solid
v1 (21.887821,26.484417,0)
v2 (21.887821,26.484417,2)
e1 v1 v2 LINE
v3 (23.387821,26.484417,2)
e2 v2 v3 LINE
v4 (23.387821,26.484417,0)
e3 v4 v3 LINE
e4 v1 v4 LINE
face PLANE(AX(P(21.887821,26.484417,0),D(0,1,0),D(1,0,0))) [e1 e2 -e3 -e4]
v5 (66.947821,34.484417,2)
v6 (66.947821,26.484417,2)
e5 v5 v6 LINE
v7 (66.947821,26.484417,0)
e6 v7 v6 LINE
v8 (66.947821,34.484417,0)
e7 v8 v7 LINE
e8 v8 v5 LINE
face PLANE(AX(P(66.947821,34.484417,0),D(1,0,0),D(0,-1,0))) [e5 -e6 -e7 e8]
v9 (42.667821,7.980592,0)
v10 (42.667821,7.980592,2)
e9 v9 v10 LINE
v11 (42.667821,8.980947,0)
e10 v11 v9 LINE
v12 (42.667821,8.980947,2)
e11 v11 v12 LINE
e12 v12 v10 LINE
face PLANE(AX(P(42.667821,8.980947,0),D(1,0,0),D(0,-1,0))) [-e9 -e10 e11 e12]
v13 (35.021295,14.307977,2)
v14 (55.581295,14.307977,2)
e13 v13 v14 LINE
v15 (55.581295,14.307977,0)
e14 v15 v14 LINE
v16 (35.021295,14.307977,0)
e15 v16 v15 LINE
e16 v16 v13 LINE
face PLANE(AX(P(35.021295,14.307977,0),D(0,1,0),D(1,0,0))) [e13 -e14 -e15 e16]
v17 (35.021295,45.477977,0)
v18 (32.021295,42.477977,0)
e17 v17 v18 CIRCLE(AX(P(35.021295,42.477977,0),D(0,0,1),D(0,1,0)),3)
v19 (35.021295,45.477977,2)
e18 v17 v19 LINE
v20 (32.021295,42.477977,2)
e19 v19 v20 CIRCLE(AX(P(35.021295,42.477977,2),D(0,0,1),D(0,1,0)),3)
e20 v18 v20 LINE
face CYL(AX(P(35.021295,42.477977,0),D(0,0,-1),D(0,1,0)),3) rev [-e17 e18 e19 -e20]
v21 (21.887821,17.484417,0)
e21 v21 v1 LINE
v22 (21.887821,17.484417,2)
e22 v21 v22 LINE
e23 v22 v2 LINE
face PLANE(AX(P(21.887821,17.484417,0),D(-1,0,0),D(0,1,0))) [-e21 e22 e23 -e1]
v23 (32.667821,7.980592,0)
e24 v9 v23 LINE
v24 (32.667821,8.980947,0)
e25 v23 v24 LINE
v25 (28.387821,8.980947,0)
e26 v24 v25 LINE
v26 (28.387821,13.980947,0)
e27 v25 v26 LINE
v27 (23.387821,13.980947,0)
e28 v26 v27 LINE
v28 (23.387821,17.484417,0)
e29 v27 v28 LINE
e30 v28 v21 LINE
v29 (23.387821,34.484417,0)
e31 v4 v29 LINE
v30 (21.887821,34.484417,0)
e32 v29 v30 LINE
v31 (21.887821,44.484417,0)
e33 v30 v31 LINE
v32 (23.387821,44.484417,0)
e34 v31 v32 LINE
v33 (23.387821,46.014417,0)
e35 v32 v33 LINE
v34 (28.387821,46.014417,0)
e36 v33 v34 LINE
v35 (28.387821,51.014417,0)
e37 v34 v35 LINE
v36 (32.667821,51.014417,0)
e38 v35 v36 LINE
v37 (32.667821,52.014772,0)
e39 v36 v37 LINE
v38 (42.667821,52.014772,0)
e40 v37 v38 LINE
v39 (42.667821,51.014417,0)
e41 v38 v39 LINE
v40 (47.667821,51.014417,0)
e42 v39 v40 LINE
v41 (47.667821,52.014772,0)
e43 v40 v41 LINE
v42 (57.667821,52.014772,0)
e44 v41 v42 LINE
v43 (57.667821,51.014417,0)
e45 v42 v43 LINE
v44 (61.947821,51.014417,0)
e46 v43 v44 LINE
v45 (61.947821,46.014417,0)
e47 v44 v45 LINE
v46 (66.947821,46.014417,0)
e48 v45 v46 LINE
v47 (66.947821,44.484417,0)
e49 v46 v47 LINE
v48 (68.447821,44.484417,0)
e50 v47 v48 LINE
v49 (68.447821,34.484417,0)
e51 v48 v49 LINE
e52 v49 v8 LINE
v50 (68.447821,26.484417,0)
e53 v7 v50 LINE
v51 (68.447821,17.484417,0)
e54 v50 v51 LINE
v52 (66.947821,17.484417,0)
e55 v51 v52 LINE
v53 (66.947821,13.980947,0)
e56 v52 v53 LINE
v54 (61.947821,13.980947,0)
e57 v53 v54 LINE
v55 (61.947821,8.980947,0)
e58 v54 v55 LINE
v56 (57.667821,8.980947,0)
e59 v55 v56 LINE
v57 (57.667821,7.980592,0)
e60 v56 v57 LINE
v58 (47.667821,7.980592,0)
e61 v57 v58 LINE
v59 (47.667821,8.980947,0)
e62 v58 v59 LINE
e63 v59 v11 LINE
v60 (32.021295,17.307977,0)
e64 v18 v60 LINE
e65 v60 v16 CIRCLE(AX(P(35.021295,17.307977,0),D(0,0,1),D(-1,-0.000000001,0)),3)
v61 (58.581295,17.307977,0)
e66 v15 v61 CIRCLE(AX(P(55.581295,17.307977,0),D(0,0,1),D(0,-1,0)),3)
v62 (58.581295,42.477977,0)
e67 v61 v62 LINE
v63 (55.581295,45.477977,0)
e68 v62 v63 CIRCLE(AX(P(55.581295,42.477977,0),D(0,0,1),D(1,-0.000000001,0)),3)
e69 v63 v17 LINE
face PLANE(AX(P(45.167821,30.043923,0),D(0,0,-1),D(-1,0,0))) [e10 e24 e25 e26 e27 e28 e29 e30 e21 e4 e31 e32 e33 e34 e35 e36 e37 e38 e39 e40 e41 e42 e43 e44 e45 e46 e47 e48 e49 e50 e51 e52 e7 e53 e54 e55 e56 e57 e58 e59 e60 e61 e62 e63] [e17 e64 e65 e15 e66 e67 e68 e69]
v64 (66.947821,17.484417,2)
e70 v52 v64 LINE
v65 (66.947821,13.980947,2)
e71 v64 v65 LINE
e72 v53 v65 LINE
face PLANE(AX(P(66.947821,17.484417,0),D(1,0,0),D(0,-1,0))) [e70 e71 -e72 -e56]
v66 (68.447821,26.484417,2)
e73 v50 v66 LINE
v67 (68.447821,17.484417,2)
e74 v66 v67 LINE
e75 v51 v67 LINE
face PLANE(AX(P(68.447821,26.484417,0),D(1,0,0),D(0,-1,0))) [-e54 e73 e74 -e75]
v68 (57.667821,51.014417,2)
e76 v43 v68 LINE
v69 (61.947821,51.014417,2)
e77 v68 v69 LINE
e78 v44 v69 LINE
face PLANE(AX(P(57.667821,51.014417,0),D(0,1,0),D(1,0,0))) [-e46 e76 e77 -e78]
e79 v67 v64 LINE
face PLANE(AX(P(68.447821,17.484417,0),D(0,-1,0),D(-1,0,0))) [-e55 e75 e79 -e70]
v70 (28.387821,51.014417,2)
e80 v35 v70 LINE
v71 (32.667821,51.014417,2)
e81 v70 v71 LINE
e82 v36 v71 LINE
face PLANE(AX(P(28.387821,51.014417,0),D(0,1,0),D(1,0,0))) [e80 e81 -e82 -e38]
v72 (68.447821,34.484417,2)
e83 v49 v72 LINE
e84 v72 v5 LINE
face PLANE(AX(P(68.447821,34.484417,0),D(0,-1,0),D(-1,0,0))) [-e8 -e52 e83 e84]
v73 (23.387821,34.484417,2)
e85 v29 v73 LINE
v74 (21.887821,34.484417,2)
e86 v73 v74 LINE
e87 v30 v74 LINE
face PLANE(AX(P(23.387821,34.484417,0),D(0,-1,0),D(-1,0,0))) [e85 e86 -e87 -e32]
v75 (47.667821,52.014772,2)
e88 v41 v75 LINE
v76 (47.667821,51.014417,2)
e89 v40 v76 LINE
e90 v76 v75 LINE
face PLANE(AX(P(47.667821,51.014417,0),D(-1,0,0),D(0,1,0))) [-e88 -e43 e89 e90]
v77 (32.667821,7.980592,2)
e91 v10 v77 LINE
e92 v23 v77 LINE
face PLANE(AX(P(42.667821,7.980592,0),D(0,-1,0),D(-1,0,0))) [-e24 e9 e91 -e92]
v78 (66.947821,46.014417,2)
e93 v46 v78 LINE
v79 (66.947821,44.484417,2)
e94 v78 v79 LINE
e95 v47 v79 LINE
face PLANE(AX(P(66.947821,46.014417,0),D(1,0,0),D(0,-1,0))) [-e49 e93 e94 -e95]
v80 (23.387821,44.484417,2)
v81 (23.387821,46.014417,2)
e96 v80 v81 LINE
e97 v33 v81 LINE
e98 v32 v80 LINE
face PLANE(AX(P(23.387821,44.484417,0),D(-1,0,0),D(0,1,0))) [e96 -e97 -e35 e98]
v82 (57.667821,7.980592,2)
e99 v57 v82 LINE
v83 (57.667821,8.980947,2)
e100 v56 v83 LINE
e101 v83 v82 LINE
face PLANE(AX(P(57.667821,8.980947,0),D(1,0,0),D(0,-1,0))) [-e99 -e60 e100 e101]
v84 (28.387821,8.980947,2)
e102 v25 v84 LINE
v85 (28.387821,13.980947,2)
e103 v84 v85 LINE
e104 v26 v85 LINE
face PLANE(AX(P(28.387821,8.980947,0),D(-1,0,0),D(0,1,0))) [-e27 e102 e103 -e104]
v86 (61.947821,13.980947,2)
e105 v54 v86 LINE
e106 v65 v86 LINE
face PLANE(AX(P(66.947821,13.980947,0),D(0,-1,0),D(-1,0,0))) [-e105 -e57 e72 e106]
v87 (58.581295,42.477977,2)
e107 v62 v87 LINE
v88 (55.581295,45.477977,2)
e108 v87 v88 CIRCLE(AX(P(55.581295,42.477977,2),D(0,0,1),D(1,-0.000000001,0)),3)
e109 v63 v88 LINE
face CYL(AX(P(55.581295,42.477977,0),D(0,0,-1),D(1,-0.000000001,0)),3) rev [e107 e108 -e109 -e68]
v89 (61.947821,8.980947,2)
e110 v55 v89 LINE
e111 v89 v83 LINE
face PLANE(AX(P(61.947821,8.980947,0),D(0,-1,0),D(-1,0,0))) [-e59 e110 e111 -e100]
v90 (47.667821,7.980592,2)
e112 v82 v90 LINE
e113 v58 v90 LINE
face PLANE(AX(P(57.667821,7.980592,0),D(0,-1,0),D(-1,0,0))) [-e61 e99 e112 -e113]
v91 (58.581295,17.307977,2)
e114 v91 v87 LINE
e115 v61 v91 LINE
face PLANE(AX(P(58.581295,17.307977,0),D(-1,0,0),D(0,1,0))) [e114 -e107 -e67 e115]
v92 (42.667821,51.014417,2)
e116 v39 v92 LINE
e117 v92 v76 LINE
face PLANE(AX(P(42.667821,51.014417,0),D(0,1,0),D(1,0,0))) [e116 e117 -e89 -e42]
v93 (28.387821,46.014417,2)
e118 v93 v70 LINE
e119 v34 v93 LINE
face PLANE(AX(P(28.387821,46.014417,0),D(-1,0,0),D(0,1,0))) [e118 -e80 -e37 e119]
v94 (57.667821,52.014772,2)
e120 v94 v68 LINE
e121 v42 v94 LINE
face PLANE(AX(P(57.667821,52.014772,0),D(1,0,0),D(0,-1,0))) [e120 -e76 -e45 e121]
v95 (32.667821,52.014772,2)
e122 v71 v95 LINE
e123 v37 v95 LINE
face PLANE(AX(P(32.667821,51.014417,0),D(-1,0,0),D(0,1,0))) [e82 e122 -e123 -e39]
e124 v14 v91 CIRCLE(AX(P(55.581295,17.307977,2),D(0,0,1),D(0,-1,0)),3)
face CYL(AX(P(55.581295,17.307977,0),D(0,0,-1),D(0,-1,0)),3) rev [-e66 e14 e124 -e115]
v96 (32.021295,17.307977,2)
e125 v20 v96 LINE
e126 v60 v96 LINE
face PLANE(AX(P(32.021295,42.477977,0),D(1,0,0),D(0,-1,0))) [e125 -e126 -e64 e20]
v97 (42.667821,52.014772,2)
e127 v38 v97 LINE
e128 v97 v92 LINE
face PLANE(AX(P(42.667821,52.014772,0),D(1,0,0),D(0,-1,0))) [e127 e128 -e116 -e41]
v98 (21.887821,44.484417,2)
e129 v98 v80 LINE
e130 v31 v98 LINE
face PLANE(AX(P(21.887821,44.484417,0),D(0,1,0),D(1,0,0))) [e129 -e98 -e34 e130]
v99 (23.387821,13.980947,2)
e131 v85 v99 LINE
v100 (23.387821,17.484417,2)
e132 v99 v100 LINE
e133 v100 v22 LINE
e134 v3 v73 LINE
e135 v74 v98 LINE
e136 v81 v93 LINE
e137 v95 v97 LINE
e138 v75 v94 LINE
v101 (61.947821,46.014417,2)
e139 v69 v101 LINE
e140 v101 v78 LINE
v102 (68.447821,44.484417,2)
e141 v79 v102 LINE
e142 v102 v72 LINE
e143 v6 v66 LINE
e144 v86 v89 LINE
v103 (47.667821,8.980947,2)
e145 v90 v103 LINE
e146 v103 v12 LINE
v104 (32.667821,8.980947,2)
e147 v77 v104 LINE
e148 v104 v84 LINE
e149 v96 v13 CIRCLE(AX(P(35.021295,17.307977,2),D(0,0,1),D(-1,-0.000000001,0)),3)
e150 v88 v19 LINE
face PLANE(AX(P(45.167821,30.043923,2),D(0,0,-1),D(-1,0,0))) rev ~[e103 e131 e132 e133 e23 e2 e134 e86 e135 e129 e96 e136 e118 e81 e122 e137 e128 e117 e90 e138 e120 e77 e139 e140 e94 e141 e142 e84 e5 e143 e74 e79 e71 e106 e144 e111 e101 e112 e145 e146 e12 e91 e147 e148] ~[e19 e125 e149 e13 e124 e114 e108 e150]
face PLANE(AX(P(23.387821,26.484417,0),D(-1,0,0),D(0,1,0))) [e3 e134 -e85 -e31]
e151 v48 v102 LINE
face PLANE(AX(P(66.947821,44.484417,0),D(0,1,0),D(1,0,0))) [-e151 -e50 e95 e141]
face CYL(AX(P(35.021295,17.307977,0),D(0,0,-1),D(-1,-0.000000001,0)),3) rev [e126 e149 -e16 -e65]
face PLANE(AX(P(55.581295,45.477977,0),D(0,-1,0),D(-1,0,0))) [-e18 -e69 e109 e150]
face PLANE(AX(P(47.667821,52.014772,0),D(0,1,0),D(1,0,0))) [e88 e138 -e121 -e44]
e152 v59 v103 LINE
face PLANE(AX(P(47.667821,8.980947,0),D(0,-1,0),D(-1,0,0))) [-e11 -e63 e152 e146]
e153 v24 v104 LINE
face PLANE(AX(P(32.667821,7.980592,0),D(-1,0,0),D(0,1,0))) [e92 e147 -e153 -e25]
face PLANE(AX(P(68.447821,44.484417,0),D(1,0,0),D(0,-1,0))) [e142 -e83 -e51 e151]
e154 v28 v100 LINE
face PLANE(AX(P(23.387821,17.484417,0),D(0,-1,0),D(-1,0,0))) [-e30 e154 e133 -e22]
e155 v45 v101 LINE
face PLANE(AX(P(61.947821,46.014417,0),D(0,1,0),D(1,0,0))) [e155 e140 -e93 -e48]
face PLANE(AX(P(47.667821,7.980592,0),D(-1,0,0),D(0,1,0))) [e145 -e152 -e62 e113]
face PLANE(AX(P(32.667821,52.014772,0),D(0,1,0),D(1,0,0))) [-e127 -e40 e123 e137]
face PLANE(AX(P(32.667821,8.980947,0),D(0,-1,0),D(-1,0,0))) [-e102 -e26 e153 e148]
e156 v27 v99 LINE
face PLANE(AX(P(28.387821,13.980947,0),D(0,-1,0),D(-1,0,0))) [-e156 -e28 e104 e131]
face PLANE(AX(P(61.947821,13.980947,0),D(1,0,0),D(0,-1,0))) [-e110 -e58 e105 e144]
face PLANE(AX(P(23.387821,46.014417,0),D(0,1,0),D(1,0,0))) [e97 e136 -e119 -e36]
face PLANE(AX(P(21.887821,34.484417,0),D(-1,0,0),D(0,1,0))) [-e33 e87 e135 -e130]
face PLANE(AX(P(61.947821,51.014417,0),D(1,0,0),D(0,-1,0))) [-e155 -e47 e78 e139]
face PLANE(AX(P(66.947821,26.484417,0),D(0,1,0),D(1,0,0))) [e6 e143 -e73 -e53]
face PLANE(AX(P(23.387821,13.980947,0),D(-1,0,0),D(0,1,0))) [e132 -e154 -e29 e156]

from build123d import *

# Parameters (mm, degrees)
EXTRUDE_1_DEPTH = 2


with BuildPart() as part:
    # Model → 凸台-拉伸1 (new body)
    with BuildSketch(Plane.XY):
        Polygon((28.387820918, 51.014416594), (32.667820918, 51.014416594), (32.667820918, 52.0147723), (42.667820918, 52.0147723), (42.667820918, 51.014416594), (47.667820918, 51.014416594), (47.667820918, 52.0147723), (57.667820918, 52.0147723), (57.667820918, 51.014416594), (61.947820918, 51.014416594), (61.947820918, 46.014416594), (66.947820918, 46.014416594), (66.947820918, 44.484416594), (68.447820918, 44.484416594), (68.447820918, 34.484416594), (66.947820918, 34.484416594), (66.947820918, 26.484416594), (68.447820918, 26.484416594), (68.447820918, 17.484416594), (66.947820918, 17.484416594), (66.947820918, 13.980947232), (61.947820918, 13.980947232), (61.947820918, 8.980947232), (57.667820918, 8.980947232), (57.667820918, 7.980591527), (47.667820918, 7.980591527), (47.667820918, 8.980947232), (42.667820918, 8.980947232), (42.667820918, 7.980591527), (32.667820918, 7.980591527), (32.667820918, 8.980947232), (28.387820918, 8.980947232), (28.387820918, 13.980947232), (23.387820918, 13.980947232), (23.387820918, 17.484416594), (21.887820918, 17.484416594), (21.887820918, 26.484416594), (23.387820918, 26.484416594), (23.387820918, 34.484416594), (21.887820918, 34.484416594), (21.887820918, 44.484416594), (23.387820918, 44.484416594), (23.387820918, 46.014416594), (28.387820918, 46.014416594), align=None)
        with BuildLine():
            Line((55.581295365, 45.477977184), (35.021295365, 45.477977184))
            ThreePointArc((35.021295365, 45.477977184), (32.899975022, 44.599297528), (32.021295365, 42.477977184))
            Line((32.021295365, 42.477977184), (32.021295365, 17.307977184))
            ThreePointArc((32.021295365, 17.307977184), (32.899975022, 15.186656841), (35.021295365, 14.307977184))
            Line((35.021295365, 14.307977184), (55.581295365, 14.307977184))
            ThreePointArc((55.581295365, 14.307977184), (57.702615709, 15.186656841), (58.581295365, 17.307977184))
            Line((58.581295365, 17.307977184), (58.581295365, 42.477977184))
            ThreePointArc((58.581295365, 42.477977184), (57.702615709, 44.599297528), (55.581295365, 45.477977184))
        make_face(mode=Mode.SUBTRACT)
    extrude(amount=EXTRUDE_1_DEPTH)


solid = part.part
